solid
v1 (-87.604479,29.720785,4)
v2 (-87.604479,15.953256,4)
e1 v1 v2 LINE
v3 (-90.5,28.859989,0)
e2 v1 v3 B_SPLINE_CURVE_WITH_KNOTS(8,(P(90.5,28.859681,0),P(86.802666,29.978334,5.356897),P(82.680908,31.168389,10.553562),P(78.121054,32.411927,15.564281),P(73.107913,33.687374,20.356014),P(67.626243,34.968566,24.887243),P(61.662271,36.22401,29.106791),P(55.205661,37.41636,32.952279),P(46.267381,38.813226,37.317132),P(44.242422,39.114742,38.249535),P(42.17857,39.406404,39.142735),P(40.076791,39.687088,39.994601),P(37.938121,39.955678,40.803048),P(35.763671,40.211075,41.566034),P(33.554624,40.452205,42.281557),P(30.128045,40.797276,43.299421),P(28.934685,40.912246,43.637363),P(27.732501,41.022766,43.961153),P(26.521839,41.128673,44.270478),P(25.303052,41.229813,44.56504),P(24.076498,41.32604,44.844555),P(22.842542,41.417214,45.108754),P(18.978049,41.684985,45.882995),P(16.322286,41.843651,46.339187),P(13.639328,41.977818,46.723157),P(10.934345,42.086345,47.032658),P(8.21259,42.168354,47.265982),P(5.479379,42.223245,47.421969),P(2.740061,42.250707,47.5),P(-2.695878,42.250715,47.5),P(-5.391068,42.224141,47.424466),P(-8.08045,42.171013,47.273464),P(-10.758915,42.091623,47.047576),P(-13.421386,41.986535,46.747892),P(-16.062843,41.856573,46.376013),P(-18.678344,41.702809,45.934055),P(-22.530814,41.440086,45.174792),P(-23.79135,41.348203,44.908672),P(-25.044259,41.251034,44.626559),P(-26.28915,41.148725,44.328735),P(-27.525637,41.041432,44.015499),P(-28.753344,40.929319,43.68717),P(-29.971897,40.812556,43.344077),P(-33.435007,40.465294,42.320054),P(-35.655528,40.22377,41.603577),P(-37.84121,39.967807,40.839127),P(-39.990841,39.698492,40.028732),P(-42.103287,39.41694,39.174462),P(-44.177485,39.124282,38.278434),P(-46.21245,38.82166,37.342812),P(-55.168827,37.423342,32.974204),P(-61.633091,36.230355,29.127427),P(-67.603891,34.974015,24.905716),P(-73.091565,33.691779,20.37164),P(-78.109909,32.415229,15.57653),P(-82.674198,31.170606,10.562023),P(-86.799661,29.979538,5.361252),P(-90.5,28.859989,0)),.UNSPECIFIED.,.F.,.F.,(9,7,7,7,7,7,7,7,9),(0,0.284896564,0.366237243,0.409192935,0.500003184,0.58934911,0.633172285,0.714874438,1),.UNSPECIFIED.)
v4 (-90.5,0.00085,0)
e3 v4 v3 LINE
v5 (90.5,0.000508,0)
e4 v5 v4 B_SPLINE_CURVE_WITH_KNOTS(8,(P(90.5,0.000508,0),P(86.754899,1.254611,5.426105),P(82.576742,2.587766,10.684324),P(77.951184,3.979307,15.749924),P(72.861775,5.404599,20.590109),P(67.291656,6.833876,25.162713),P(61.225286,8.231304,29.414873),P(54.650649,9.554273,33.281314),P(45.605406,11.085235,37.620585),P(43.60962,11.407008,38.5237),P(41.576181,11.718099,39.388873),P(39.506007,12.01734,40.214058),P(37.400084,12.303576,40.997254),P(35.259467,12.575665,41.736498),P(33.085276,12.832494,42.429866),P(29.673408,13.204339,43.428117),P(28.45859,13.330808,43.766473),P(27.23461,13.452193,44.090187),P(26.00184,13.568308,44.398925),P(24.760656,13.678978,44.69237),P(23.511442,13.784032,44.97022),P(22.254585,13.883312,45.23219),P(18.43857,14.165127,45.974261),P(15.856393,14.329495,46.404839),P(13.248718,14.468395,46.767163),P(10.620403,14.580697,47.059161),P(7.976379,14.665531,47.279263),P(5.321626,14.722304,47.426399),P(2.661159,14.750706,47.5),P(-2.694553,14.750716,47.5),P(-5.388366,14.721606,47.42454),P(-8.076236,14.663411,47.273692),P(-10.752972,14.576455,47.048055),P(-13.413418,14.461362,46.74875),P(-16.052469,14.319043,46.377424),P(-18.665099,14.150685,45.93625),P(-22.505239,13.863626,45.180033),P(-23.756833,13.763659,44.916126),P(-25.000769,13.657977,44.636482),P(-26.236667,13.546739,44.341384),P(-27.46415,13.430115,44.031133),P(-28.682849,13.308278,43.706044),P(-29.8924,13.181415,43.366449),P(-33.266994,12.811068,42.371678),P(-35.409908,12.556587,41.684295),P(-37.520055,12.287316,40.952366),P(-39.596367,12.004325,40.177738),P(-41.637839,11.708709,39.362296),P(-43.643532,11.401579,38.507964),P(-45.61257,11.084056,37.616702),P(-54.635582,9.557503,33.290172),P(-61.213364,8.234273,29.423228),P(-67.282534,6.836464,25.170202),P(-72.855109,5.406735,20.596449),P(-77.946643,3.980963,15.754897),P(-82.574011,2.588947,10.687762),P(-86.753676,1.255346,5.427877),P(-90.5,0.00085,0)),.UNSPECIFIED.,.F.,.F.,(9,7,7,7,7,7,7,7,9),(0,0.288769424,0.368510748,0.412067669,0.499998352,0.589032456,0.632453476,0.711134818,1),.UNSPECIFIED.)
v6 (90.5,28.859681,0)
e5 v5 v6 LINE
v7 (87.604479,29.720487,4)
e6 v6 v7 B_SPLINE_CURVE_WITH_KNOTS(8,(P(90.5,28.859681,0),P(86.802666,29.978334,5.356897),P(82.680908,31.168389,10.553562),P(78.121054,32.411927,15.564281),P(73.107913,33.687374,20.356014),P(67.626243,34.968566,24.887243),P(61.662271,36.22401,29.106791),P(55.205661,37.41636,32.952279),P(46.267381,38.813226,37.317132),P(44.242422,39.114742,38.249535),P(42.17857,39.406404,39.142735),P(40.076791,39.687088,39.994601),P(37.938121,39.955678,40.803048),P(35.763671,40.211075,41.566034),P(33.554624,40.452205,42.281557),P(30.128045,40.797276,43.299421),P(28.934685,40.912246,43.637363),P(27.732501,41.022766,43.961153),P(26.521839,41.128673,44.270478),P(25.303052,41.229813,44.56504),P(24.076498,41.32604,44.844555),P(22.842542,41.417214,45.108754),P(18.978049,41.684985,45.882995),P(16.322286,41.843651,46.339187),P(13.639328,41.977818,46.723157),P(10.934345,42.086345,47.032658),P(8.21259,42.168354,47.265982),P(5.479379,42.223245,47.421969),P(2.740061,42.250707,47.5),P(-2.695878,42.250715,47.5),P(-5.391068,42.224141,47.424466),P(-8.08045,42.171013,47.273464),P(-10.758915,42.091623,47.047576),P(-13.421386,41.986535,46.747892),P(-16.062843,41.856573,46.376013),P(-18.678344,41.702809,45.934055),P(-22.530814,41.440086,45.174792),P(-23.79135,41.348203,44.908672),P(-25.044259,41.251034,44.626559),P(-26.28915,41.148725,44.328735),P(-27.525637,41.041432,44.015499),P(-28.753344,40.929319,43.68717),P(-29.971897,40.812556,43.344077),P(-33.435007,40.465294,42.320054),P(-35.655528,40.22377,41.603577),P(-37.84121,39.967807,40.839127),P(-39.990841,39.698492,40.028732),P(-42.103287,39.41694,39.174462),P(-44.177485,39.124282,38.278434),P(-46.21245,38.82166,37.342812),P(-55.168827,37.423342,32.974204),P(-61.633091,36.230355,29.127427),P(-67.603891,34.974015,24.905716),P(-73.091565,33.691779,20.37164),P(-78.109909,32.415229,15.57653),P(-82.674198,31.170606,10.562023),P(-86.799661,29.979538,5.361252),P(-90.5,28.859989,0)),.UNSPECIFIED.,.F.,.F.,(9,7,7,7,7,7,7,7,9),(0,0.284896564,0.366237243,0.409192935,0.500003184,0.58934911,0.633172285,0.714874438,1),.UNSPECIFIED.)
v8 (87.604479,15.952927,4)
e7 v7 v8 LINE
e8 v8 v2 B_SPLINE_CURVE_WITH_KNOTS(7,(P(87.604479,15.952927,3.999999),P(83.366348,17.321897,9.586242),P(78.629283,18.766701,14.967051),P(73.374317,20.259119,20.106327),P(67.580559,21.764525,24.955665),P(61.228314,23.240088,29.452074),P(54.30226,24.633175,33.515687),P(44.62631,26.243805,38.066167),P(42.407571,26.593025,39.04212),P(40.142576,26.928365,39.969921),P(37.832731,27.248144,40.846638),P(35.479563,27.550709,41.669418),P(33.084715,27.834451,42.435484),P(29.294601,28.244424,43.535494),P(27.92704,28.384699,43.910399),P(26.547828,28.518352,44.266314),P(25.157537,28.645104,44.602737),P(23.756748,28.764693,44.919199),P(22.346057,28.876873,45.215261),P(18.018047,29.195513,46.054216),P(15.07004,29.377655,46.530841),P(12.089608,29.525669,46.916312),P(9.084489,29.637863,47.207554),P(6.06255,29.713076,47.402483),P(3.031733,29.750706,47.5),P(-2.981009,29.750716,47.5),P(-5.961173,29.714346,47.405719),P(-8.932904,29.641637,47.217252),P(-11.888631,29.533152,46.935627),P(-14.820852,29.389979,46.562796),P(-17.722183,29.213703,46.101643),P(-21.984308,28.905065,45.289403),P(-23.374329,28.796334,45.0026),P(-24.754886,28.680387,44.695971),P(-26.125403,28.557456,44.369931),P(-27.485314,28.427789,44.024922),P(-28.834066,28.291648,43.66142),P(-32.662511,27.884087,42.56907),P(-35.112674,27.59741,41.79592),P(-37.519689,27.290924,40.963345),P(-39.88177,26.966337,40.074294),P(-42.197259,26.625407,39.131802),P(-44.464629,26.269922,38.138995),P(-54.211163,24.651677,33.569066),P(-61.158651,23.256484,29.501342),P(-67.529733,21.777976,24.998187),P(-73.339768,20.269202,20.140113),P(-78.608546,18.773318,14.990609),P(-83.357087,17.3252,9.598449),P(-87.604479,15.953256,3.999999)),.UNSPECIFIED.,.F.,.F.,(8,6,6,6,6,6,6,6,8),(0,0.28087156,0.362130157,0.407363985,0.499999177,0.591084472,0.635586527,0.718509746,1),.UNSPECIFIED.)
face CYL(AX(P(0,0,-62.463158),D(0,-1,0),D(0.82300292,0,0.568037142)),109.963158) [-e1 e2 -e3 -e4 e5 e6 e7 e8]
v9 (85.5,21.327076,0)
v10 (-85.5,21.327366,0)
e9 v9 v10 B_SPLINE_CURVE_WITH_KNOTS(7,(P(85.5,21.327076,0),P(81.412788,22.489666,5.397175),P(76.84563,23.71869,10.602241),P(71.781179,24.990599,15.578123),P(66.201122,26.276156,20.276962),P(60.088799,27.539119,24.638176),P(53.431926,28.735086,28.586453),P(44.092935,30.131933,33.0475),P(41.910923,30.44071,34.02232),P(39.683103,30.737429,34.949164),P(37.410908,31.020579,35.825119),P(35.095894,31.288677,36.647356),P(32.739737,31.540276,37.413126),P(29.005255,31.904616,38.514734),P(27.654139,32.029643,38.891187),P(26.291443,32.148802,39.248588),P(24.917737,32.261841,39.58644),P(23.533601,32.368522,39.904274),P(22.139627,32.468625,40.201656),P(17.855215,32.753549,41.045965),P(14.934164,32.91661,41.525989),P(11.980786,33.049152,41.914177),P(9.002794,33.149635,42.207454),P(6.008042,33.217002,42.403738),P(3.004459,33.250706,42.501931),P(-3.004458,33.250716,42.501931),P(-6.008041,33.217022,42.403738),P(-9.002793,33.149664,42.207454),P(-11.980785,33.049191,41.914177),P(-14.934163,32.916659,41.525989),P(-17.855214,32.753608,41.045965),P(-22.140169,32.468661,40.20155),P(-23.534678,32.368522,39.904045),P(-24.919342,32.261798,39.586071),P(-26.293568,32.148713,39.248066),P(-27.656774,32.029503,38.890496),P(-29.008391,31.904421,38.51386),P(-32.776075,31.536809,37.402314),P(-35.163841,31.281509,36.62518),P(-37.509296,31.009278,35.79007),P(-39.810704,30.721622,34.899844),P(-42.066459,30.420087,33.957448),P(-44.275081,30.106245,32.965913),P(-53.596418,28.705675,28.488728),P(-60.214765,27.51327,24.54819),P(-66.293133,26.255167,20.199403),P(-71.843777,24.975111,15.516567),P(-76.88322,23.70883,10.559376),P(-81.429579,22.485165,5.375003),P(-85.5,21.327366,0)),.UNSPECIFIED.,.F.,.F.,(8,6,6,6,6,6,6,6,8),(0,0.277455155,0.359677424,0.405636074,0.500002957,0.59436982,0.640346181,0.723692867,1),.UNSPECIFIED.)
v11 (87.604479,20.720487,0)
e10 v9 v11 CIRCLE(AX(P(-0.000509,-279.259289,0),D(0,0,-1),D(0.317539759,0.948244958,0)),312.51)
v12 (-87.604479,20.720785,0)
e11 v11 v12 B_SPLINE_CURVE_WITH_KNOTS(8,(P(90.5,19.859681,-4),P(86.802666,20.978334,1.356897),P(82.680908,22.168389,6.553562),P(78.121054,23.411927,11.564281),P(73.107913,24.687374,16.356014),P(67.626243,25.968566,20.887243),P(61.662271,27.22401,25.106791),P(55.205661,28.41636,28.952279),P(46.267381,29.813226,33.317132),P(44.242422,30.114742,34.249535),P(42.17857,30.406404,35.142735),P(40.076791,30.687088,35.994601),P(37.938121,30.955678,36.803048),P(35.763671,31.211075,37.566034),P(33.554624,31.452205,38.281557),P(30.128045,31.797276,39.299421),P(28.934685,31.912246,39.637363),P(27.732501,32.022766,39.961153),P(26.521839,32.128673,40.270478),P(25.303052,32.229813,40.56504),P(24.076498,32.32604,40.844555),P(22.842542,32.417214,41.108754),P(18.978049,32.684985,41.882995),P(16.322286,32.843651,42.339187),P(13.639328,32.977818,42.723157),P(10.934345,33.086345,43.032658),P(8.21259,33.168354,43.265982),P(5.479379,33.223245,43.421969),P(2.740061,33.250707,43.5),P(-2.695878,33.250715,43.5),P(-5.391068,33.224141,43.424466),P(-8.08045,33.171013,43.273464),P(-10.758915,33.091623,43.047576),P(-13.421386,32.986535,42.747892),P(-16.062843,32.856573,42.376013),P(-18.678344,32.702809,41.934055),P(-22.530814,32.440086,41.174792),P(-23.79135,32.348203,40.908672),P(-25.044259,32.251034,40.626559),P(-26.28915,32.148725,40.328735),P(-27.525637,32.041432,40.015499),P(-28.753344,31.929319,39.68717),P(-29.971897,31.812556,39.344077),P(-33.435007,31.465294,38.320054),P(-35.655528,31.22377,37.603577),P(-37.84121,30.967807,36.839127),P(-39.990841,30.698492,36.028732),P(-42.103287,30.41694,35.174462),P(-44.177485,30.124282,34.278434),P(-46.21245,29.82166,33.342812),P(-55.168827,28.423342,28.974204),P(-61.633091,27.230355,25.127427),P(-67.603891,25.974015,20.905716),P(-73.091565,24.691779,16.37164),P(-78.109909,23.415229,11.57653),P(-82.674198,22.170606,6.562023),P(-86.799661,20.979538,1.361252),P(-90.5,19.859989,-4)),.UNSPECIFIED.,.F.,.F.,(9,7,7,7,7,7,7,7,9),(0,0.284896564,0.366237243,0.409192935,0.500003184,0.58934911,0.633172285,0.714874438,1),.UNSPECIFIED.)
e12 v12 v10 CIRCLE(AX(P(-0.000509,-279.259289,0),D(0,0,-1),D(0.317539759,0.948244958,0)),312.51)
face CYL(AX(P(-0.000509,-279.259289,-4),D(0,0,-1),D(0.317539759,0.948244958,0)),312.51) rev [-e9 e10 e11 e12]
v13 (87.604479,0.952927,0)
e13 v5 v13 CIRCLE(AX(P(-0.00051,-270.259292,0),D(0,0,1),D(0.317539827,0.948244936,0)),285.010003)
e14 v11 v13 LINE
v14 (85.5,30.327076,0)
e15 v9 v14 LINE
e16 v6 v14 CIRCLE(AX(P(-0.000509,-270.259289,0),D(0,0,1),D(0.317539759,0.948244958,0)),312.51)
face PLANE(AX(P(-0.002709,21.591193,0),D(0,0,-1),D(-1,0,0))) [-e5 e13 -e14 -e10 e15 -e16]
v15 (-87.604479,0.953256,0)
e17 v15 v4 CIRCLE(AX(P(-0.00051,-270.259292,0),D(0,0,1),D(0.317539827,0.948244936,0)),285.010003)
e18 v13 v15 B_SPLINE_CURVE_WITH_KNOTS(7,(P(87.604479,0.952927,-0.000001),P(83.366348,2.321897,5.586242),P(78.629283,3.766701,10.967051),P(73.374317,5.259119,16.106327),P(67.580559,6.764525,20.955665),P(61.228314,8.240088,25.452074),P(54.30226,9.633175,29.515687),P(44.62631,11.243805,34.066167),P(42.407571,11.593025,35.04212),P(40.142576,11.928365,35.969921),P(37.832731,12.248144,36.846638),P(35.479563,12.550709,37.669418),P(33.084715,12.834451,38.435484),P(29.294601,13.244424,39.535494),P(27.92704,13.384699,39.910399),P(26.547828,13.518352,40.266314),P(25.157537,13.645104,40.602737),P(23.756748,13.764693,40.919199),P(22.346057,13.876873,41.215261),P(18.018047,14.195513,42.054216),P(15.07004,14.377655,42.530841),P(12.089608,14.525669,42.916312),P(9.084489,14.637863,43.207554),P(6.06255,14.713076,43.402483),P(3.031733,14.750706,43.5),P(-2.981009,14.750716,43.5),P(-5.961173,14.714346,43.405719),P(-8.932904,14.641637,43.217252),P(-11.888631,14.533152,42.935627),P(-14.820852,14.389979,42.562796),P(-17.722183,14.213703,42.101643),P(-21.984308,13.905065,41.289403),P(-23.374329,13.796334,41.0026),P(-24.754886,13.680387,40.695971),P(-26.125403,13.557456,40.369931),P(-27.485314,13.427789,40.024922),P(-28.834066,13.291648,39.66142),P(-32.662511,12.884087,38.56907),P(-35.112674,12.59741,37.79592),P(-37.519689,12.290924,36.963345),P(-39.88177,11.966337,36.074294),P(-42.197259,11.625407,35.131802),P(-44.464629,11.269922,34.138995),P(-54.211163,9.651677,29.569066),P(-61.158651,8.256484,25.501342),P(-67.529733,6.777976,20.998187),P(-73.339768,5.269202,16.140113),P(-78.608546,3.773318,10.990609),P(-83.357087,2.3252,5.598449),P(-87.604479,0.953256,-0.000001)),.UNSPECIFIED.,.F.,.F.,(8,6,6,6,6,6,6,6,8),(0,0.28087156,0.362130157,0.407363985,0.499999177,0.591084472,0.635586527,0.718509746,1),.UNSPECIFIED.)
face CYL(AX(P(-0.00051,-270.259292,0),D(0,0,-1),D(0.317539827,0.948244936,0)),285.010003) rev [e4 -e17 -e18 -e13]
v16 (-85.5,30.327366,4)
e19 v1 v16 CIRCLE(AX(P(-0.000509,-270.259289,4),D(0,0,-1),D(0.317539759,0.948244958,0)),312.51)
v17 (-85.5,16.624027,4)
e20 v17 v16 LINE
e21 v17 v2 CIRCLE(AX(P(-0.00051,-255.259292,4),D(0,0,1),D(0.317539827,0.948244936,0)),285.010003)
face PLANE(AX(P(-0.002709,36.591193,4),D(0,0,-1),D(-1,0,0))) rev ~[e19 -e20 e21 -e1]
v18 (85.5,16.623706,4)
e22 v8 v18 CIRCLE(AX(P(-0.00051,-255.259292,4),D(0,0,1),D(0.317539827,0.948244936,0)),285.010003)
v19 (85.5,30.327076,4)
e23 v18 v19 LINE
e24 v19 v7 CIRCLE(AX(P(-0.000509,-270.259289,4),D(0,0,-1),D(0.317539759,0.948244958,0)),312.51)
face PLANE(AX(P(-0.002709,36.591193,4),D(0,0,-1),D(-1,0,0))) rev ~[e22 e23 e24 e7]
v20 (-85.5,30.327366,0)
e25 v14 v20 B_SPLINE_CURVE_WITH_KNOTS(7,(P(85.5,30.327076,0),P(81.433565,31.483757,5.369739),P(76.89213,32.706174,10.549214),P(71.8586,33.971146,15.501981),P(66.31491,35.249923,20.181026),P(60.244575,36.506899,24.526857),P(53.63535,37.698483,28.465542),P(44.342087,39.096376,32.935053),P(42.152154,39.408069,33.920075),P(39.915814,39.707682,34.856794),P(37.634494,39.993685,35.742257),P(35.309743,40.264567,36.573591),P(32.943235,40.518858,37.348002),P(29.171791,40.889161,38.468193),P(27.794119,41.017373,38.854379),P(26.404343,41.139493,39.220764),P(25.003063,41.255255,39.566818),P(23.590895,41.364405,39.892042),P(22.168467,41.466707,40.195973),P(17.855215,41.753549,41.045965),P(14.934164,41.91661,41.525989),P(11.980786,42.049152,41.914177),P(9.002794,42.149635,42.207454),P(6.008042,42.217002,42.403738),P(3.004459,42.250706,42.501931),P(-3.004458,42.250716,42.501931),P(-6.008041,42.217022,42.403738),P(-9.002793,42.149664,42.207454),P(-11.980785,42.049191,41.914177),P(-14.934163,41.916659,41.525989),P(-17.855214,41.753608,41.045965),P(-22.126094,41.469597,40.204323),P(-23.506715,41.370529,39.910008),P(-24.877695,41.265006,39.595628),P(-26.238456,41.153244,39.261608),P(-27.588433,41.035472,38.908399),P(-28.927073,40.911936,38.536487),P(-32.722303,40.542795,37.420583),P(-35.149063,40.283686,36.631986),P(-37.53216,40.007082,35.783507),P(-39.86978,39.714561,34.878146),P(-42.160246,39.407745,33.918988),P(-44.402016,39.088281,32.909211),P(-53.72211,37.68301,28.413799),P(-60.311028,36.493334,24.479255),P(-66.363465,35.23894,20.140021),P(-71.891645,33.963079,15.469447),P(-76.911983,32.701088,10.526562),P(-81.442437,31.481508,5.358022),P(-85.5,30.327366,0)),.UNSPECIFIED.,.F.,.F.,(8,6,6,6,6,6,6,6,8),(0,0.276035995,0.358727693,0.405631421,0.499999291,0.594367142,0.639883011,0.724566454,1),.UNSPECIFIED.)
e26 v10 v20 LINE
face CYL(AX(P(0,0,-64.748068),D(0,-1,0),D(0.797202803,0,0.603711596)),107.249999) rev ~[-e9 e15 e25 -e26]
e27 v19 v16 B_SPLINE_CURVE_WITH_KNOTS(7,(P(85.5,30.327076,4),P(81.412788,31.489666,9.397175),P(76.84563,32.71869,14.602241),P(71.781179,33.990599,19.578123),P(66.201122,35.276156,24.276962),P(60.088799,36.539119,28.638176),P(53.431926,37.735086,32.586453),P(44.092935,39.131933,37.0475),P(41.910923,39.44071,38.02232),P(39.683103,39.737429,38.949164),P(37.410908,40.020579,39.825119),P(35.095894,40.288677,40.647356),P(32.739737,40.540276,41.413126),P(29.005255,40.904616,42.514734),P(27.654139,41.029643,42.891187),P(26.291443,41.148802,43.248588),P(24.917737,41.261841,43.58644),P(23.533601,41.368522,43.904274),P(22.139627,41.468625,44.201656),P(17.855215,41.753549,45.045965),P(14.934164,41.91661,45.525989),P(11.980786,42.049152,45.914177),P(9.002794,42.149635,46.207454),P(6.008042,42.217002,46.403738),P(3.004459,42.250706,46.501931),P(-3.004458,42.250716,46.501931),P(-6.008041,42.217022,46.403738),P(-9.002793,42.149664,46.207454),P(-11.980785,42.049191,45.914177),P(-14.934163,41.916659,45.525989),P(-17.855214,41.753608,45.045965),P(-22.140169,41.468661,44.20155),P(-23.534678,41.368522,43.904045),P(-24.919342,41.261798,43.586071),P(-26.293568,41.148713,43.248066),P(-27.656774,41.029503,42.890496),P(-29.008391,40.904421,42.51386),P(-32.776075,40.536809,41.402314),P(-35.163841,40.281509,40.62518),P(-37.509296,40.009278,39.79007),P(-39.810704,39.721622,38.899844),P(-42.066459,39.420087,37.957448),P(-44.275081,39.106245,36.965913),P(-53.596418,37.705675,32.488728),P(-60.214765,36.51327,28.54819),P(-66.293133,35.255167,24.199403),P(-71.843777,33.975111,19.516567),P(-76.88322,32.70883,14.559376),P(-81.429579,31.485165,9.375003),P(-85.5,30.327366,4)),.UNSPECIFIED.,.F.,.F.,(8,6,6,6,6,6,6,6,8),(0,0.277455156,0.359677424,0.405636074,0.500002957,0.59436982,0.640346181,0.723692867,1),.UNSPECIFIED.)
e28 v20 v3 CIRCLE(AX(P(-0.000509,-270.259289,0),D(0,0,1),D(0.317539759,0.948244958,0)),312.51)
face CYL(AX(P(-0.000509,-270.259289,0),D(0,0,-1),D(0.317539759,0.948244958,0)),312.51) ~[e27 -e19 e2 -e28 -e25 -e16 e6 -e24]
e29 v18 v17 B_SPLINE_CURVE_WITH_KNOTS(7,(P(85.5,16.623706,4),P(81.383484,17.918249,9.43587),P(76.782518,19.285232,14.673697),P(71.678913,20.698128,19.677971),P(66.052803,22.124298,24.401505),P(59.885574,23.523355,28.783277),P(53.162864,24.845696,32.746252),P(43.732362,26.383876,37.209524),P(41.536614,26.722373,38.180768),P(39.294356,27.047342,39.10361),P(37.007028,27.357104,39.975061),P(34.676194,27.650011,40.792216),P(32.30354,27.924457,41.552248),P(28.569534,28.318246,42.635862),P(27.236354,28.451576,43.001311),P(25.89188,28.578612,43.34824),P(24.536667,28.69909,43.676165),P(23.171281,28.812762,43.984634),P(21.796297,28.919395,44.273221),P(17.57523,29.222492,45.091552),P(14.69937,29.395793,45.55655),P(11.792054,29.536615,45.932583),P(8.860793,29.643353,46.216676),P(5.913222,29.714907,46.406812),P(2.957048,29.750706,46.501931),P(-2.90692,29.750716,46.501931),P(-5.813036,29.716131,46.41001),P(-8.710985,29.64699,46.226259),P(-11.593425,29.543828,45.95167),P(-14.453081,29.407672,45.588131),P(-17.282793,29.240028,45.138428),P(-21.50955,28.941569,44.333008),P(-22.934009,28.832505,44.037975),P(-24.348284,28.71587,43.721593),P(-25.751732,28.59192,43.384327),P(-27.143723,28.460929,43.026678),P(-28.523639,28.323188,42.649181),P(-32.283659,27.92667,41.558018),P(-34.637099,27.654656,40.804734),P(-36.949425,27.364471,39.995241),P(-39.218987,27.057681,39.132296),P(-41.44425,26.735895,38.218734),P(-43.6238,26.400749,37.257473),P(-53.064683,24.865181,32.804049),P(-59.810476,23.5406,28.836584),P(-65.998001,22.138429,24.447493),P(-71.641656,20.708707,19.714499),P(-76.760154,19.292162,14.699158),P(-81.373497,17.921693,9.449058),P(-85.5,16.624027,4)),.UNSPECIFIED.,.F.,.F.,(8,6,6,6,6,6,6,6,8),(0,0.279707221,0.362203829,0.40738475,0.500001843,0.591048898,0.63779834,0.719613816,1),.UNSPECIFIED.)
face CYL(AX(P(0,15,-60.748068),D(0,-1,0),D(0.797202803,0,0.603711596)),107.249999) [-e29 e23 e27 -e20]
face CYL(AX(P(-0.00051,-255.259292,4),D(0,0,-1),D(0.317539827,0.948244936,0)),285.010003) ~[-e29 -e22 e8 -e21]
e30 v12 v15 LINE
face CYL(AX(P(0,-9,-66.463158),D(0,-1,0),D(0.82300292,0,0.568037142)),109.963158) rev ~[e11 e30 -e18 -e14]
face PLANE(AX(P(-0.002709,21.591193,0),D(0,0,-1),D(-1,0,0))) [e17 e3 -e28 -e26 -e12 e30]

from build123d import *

# Parameters (mm, degrees)
PAD002_DEPTH    = 47.5
POCKET004_DEPTH = 67
POCKET005_DEPTH = 50
PAD001_DEPTH    = 47.5
POCKET002_DEPTH = 67
POCKET003_DEPTH = 50
PAD_DEPTH       = 47.5
POCKET_DEPTH    = 67
POCKET001_DEPTH = 50


with BuildPart() as body002:
    # Sketch006 → Pad002 (new body)
    with BuildSketch(Plane.XY):
        with BuildLine():
            ThreePointArc((90.501517, 0), (-0.00051, 14.750711), (-90.502537, 0))
            Line((-90.502537, 0), (-99.243083, 26.073989))
            ThreePointArc((99.233841, 26.076743), (-0.004846, 42.250711), (-99.243083, 26.073989))
            Line((90.501517, 0), (99.233841, 26.076743))
        make_face()
    extrude(amount=PAD002_DEPTH)

    # Sketch007 → Pocket004 (cut)
    with BuildSketch(Plane.XZ):
        with BuildLine():
            Line((0, 0), (-85.5, 0))
            ThreePointArc((85.5, 0), (0, 42.501931), (-85.5, 0))
            Line((0, 0), (85.5, 0))
        make_face()
    extrude(amount=-POCKET004_DEPTH, mode=Mode.SUBTRACT)

    # Sketch008 → Pocket005 (cut)
    with BuildSketch(Plane.XZ):
        with BuildLine():
            ThreePointArc((90.5, 0), (0, 47.5), (-90.5, 0))
            Line((-90.5, 0), (-105.5, 0))
            Line((-105.5, 0), (-105.5, 50))
            Line((-105.5, 50), (104.5, 50))
            Line((104.5, 50), (104.5, 0))
            Line((90.5, 0), (104.5, 0))
        make_face()
    extrude(amount=-POCKET005_DEPTH, mode=Mode.SUBTRACT)


with BuildPart() as body002_1:
    # Body002 placement: moved
    add(body002.part.moved(Location((0, 15, 4))))


with BuildPart() as body001:
    # Sketch003 → Pad001 (new body)
    with BuildSketch(Plane.XY):
        with BuildLine():
            ThreePointArc((90.501517, 0), (-0.00051, 14.750711), (-90.502537, 0))
            Line((-90.502537, 0), (-99.243083, 26.073989))
            ThreePointArc((99.233841, 26.076743), (-0.004846, 42.250711), (-99.243083, 26.073989))
            Line((90.501517, 0), (99.233841, 26.076743))
        make_face()
    extrude(amount=PAD001_DEPTH)

    # Sketch004 → Pocket002 (cut)
    with BuildSketch(Plane.XZ):
        with BuildLine():
            Line((0, 0), (-85.5, 0))
            ThreePointArc((85.5, 0), (0, 42.501931), (-85.5, 0))
            Line((0, 0), (85.5, 0))
        make_face()
    extrude(amount=-POCKET002_DEPTH, mode=Mode.SUBTRACT)

    # Sketch005 → Pocket003 (cut)
    with BuildSketch(Plane.XZ):
        with BuildLine():
            ThreePointArc((90.5, 0), (0, 47.5), (-90.5, 0))
            Line((-90.5, 0), (-105.5, 0))
            Line((-105.5, 0), (-105.5, 50))
            Line((-105.5, 50), (104.5, 50))
            Line((104.5, 50), (104.5, 0))
            Line((90.5, 0), (104.5, 0))
        make_face()
    extrude(amount=-POCKET003_DEPTH, mode=Mode.SUBTRACT)


with BuildPart() as body001_1:
    # Body001 placement: moved
    add(body001.part.moved(Location((0, -9, -4))))


with BuildPart() as cut001:
    # Sketch → Pad (new body)
    with BuildSketch(Plane.XY):
        with BuildLine():
            ThreePointArc((90.501517, 0), (-0.00051, 14.750711), (-90.502537, 0))
            Line((-90.502537, 0), (-99.243083, 26.073989))
            ThreePointArc((99.233841, 26.076743), (-0.004846, 42.250711), (-99.243083, 26.073989))
            Line((90.501517, 0), (99.233841, 26.076743))
        make_face()
    extrude(amount=PAD_DEPTH)

    # Sketch001 → Pocket (cut)
    with BuildSketch(Plane.XZ):
        with BuildLine():
            Line((0, 0), (-85.5, 0))
            ThreePointArc((85.5, 0), (0, 42.501931), (-85.5, 0))
            Line((0, 0), (85.5, 0))
        make_face()
    extrude(amount=-POCKET_DEPTH, mode=Mode.SUBTRACT)

    # Sketch002 → Pocket001 (cut)
    with BuildSketch(Plane.XZ):
        with BuildLine():
            ThreePointArc((90.5, 0), (0, 47.5), (-90.5, 0))
            Line((-90.5, 0), (-105.5, 0))
            Line((-105.5, 0), (-105.5, 50))
            Line((-105.5, 50), (104.5, 50))
            Line((104.5, 50), (104.5, 0))
            Line((90.5, 0), (104.5, 0))
        make_face()
    extrude(amount=-POCKET001_DEPTH, mode=Mode.SUBTRACT)

    # Cut: cut Body001
    add(body001_1.part, mode=Mode.SUBTRACT)

    # Cut001: cut Body002
    add(body002_1.part, mode=Mode.SUBTRACT)


solid = cut001.part
